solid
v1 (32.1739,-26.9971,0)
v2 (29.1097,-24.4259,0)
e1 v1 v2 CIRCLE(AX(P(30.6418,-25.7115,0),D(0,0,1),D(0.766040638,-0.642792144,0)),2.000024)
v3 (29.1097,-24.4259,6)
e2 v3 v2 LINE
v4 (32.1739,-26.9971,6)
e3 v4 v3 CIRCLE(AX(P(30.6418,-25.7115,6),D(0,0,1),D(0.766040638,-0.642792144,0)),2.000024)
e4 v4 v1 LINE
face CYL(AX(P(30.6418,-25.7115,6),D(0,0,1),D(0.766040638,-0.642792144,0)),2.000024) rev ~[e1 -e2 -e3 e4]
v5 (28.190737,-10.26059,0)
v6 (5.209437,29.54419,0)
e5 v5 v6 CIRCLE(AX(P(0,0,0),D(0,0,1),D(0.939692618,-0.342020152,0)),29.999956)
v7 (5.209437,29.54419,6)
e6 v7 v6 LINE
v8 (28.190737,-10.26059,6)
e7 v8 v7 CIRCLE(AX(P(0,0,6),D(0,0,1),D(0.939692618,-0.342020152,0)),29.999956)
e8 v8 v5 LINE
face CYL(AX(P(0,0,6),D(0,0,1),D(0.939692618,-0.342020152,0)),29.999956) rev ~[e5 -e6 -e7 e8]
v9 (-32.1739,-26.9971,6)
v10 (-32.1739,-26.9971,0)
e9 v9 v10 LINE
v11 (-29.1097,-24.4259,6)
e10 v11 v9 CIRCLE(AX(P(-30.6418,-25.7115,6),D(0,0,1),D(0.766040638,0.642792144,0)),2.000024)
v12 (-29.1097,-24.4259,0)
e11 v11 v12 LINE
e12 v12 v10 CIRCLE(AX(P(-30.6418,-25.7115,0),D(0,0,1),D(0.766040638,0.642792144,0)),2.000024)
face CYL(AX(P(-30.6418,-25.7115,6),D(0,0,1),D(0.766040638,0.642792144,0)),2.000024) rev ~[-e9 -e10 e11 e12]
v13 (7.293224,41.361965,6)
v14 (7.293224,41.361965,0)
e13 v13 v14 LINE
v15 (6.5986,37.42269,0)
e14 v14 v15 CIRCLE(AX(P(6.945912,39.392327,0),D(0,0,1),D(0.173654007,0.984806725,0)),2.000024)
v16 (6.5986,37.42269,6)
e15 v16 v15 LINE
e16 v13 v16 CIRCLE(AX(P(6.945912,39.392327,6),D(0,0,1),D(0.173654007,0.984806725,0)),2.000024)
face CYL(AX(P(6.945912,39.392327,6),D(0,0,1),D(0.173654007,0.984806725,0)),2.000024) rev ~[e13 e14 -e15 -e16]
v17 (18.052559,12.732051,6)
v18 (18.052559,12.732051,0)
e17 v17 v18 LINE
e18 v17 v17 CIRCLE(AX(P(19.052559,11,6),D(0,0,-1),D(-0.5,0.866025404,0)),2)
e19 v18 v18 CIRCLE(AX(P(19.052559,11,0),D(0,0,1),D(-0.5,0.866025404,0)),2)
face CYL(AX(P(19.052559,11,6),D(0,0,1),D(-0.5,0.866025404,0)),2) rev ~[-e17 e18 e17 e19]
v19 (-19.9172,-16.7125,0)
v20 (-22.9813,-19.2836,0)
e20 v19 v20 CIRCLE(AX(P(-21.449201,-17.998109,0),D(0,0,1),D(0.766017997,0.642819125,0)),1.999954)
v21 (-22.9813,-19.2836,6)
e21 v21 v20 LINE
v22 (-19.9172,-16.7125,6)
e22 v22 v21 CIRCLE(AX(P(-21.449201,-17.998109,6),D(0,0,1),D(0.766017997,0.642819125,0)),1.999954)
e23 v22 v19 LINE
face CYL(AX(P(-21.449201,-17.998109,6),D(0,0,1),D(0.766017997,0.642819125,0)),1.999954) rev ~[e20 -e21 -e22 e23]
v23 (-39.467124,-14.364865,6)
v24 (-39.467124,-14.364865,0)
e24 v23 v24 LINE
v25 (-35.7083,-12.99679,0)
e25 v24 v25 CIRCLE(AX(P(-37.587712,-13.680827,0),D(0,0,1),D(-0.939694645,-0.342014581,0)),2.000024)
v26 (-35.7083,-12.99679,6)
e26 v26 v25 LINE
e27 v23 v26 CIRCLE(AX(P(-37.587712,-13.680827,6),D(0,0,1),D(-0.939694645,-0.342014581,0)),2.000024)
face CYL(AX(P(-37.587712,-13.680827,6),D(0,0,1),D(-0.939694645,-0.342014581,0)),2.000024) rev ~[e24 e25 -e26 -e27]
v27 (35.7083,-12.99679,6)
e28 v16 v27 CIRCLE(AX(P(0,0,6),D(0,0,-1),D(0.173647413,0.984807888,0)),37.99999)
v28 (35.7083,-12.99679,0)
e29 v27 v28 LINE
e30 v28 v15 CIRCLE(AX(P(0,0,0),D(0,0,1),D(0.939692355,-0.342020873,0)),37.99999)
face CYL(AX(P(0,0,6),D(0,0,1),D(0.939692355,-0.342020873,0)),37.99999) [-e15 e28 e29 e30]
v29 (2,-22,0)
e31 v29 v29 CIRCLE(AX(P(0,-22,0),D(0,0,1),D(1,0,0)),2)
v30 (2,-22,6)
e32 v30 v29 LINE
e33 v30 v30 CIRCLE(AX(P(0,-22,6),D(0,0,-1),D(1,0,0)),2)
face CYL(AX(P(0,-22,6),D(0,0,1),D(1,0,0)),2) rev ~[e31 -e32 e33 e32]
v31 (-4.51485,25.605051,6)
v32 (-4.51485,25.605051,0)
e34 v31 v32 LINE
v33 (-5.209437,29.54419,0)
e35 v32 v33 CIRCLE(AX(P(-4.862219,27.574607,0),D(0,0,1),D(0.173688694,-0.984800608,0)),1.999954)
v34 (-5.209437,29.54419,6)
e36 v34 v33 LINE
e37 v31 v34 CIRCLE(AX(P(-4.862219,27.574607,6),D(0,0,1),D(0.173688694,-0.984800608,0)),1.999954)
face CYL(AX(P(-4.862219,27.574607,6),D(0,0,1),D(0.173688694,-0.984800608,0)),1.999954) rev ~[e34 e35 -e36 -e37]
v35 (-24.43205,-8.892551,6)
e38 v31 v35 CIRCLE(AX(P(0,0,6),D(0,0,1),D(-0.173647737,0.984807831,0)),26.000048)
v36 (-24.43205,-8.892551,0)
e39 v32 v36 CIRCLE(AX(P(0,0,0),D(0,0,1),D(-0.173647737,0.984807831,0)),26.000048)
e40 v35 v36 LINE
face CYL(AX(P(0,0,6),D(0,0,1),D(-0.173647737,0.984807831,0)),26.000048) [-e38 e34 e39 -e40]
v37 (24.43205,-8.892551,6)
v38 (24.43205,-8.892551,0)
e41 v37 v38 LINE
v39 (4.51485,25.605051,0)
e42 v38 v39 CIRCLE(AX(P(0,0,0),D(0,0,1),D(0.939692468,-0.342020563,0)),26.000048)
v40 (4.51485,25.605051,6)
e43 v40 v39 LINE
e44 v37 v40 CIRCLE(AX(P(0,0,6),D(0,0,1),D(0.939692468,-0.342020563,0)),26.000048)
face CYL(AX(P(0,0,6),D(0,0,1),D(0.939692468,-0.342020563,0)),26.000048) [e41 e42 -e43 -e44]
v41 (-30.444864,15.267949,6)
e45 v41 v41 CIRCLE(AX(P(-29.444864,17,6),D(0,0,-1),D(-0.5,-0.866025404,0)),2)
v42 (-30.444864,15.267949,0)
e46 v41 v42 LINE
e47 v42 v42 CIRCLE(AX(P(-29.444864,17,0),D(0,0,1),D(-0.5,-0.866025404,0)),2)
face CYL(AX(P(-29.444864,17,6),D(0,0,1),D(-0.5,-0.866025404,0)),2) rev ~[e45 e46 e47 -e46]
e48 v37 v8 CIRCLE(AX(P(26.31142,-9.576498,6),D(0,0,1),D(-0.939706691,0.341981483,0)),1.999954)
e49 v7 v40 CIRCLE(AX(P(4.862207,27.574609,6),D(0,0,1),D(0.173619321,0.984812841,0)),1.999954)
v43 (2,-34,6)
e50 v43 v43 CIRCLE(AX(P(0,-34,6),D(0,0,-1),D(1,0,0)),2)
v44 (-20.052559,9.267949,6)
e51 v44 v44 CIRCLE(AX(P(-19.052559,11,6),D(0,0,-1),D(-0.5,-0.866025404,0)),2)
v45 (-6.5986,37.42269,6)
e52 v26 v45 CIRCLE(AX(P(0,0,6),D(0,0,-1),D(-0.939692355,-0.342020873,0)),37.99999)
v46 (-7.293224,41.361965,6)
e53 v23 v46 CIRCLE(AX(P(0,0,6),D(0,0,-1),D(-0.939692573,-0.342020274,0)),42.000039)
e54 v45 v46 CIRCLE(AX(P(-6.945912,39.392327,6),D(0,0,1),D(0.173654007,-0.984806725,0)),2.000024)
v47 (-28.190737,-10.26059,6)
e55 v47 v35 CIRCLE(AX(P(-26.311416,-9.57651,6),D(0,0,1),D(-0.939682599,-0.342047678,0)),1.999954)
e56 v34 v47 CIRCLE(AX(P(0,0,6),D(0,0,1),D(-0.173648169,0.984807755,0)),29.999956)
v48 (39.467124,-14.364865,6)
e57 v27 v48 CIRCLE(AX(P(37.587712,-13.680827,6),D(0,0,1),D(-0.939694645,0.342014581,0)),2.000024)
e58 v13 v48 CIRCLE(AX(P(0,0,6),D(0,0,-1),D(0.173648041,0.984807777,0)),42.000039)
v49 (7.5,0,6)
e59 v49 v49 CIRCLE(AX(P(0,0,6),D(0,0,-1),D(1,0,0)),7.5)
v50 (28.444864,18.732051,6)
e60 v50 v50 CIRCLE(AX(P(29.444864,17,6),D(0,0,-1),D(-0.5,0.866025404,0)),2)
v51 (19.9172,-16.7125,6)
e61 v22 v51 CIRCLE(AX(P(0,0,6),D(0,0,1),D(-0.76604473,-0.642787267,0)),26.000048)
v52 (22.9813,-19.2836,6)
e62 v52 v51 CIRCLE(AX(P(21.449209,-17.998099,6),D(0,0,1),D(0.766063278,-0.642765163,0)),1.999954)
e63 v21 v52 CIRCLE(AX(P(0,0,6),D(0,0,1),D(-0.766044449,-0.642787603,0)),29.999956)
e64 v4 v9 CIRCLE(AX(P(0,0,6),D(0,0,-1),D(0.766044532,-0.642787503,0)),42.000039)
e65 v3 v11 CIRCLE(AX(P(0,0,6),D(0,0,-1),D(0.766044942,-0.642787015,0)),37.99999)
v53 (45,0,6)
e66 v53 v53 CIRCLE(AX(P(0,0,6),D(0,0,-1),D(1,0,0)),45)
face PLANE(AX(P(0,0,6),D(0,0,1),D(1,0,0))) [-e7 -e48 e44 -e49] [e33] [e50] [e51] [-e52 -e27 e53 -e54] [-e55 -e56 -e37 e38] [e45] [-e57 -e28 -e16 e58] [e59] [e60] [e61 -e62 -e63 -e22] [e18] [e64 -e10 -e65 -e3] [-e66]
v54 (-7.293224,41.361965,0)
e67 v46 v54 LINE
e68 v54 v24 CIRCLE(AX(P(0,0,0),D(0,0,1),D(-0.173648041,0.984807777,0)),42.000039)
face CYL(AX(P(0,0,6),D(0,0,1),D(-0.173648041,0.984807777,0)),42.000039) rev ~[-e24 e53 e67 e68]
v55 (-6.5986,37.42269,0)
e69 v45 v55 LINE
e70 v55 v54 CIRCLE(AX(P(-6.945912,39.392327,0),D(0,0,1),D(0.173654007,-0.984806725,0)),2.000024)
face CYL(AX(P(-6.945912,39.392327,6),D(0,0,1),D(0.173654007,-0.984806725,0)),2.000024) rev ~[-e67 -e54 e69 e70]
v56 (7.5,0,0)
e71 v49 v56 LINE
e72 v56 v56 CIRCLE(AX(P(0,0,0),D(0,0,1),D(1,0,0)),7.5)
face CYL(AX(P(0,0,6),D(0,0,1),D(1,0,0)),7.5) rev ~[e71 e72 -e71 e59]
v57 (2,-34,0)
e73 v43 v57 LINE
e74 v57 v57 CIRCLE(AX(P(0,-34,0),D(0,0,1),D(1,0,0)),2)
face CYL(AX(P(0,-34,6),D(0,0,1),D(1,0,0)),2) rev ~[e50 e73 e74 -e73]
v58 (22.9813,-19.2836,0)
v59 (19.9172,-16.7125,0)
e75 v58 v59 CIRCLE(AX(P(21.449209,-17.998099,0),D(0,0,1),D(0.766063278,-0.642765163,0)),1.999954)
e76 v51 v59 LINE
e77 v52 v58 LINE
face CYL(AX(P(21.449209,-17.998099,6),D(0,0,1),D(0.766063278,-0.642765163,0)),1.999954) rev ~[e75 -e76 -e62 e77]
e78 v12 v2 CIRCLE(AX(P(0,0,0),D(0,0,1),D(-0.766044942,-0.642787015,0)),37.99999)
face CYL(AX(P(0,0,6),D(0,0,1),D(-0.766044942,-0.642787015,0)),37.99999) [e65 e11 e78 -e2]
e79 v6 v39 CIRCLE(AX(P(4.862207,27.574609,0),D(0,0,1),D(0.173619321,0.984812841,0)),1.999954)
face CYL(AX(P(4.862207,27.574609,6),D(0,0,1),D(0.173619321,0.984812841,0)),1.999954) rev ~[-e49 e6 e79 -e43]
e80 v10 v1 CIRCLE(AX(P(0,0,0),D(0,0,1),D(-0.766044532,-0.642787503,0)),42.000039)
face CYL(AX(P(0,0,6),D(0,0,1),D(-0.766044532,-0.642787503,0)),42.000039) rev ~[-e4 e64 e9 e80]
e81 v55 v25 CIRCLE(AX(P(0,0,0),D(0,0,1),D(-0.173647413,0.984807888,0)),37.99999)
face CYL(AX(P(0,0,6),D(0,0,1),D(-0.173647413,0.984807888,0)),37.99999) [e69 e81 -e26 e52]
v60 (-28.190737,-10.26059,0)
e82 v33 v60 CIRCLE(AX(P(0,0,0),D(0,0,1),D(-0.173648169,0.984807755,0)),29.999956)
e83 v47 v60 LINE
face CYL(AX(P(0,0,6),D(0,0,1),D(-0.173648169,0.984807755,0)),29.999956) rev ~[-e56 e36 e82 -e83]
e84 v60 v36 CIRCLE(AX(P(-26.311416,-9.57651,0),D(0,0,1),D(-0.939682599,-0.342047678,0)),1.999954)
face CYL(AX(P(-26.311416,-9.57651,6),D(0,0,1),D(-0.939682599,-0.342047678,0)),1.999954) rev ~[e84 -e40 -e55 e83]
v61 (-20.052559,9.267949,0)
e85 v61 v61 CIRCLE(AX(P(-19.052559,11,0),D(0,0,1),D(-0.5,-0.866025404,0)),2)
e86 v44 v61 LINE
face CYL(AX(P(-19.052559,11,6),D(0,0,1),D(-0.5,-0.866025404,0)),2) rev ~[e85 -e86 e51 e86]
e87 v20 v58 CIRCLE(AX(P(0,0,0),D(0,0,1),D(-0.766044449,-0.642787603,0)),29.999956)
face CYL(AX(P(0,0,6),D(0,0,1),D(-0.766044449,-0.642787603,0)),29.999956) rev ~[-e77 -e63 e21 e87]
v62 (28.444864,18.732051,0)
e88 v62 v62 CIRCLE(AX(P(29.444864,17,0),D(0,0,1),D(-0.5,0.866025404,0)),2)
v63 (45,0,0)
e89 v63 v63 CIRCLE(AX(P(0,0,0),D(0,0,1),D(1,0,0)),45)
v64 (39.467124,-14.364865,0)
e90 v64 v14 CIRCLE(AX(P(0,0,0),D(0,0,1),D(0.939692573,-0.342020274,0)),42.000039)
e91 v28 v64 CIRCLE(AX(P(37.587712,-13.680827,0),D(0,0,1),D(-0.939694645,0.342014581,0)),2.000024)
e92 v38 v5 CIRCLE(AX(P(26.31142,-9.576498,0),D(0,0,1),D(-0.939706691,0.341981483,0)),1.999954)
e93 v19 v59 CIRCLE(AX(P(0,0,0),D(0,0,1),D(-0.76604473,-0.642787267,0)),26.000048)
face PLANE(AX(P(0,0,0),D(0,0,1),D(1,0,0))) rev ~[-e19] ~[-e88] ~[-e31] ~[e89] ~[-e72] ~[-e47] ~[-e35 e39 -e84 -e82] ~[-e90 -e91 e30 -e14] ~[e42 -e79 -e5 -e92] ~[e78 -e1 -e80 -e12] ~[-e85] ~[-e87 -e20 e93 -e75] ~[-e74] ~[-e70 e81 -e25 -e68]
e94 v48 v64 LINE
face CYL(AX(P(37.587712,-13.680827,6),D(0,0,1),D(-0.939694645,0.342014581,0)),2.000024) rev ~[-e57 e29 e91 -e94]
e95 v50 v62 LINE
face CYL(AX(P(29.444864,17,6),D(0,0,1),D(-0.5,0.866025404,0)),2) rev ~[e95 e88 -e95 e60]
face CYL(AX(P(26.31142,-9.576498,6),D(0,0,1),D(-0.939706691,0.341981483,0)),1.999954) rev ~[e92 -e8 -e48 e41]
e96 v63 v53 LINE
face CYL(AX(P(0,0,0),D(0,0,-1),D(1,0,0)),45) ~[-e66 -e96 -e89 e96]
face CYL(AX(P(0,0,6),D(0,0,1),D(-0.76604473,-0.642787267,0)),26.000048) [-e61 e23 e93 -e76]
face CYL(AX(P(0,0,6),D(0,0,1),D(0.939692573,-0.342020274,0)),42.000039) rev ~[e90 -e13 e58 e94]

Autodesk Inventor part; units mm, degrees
ref_plane "YZ Plane" through (0, 0, 0) normal (1, 0, 0) x (0, 1, 0)
ref_plane "XZ Plane" through (0, 0, 0) normal (0, 1, 0) x (-1, 0, 0)
ref_plane "XY Plane" through (0, 0, 0) normal (0, 0, 1) x (1, 0, 0)
sketch "Sketch1" plane through (0, 0, 0) normal (0, 0, 1) x (1, 0, 0)
  line L0 (0, 63) -> (0, -63) projected
  line L1 (-63, 0) -> (63, 0) projected
  circle A0 centre (0, 0) radius 45
  dimension "d0" = 90
extrude "Extrusion1" add sketch "Sketch1" along normal blind 6
sketch "Sketch2" plane through (0, 0, 6) normal (0, 0, 1) x (1, 0, 0)
  circle A0 centre (0, 0) radius 7.5
  circle A1 centre (0, 0) radius 45 projected
  line L0 (0, 63) -> (0, -63) projected
  line L1 (-63, 0) -> (63, 0) projected
  arc A2 (-21.4492, -17.9981) -> (21.4492, -17.9981) centre (0, 0) ccw construction
  arc A3 (-22.9813, -19.2836) -> (22.9813, -19.2836) centre (0, 0) ccw
  arc A4 (-19.9172, -16.7125) -> (19.9172, -16.7125) centre (0, 0) ccw
  arc A5 (-19.9172, -16.7125) -> (-22.9813, -19.2836) centre (-21.4492, -17.9981) ccw
  arc A6 (22.9813, -19.2836) -> (19.9172, -16.7125) centre (21.4492, -17.9981) ccw
  line L2 (0, 0) -> (21.4492, -17.9981) construction
  line L3 (0, 0) -> (-21.4492, -17.9981) construction
  arc A7 (-30.6418, -25.7115) -> (30.6418, -25.7115) centre (0, 0) ccw construction
  arc A8 (-32.1739, -26.9971) -> (32.1739, -26.9971) centre (0, 0) ccw
  arc A9 (-29.1097, -24.4259) -> (29.1097, -24.4259) centre (0, 0) ccw
  arc A10 (-29.1097, -24.4259) -> (-32.1739, -26.9971) centre (-30.6418, -25.7115) ccw
  arc A11 (32.1739, -26.9971) -> (29.1097, -24.4259) centre (30.6418, -25.7115) ccw
  line L4 (0, 0) -> (30.6418, -25.7115) construction
  line L5 (0, 0) -> (-30.6418, -25.7115) construction
  circle A12 centre (0, -34) radius 2
  circle A13 centre (0, -22) radius 2
  dimension "d3" = 15
  dimension "d35" = 100
  dimension "d36" = 4
  dimension "d37" = 28
  dimension "d38" = 100
  dimension "d39" = 4
  dimension "d40" = 12
  dimension "d41" = 4
  dimension "d42" = 4
  dimension "d43" = 22
  dimension "d44" = 34
extrude "Extrusion2" cut sketch "Sketch2" against normal through all contours L1 L0 A0 | A0 L0 L1 | L0 L1 A0 | A0 L1 L0 | A13 L0 | L0 A13 | A8 A10 A9 L0 | L0 A9 A11 A8 | A4 A6 A3 L0 | L0 A3 A5 A4 | A12 L0 | L0 A12
pattern_circular "Circular Pattern2" count 3 over 360 about axis through (0, 0, 6) along (0, 0, -1) of "Extrusion2"
properties part number "WorkTriangleDisk"
